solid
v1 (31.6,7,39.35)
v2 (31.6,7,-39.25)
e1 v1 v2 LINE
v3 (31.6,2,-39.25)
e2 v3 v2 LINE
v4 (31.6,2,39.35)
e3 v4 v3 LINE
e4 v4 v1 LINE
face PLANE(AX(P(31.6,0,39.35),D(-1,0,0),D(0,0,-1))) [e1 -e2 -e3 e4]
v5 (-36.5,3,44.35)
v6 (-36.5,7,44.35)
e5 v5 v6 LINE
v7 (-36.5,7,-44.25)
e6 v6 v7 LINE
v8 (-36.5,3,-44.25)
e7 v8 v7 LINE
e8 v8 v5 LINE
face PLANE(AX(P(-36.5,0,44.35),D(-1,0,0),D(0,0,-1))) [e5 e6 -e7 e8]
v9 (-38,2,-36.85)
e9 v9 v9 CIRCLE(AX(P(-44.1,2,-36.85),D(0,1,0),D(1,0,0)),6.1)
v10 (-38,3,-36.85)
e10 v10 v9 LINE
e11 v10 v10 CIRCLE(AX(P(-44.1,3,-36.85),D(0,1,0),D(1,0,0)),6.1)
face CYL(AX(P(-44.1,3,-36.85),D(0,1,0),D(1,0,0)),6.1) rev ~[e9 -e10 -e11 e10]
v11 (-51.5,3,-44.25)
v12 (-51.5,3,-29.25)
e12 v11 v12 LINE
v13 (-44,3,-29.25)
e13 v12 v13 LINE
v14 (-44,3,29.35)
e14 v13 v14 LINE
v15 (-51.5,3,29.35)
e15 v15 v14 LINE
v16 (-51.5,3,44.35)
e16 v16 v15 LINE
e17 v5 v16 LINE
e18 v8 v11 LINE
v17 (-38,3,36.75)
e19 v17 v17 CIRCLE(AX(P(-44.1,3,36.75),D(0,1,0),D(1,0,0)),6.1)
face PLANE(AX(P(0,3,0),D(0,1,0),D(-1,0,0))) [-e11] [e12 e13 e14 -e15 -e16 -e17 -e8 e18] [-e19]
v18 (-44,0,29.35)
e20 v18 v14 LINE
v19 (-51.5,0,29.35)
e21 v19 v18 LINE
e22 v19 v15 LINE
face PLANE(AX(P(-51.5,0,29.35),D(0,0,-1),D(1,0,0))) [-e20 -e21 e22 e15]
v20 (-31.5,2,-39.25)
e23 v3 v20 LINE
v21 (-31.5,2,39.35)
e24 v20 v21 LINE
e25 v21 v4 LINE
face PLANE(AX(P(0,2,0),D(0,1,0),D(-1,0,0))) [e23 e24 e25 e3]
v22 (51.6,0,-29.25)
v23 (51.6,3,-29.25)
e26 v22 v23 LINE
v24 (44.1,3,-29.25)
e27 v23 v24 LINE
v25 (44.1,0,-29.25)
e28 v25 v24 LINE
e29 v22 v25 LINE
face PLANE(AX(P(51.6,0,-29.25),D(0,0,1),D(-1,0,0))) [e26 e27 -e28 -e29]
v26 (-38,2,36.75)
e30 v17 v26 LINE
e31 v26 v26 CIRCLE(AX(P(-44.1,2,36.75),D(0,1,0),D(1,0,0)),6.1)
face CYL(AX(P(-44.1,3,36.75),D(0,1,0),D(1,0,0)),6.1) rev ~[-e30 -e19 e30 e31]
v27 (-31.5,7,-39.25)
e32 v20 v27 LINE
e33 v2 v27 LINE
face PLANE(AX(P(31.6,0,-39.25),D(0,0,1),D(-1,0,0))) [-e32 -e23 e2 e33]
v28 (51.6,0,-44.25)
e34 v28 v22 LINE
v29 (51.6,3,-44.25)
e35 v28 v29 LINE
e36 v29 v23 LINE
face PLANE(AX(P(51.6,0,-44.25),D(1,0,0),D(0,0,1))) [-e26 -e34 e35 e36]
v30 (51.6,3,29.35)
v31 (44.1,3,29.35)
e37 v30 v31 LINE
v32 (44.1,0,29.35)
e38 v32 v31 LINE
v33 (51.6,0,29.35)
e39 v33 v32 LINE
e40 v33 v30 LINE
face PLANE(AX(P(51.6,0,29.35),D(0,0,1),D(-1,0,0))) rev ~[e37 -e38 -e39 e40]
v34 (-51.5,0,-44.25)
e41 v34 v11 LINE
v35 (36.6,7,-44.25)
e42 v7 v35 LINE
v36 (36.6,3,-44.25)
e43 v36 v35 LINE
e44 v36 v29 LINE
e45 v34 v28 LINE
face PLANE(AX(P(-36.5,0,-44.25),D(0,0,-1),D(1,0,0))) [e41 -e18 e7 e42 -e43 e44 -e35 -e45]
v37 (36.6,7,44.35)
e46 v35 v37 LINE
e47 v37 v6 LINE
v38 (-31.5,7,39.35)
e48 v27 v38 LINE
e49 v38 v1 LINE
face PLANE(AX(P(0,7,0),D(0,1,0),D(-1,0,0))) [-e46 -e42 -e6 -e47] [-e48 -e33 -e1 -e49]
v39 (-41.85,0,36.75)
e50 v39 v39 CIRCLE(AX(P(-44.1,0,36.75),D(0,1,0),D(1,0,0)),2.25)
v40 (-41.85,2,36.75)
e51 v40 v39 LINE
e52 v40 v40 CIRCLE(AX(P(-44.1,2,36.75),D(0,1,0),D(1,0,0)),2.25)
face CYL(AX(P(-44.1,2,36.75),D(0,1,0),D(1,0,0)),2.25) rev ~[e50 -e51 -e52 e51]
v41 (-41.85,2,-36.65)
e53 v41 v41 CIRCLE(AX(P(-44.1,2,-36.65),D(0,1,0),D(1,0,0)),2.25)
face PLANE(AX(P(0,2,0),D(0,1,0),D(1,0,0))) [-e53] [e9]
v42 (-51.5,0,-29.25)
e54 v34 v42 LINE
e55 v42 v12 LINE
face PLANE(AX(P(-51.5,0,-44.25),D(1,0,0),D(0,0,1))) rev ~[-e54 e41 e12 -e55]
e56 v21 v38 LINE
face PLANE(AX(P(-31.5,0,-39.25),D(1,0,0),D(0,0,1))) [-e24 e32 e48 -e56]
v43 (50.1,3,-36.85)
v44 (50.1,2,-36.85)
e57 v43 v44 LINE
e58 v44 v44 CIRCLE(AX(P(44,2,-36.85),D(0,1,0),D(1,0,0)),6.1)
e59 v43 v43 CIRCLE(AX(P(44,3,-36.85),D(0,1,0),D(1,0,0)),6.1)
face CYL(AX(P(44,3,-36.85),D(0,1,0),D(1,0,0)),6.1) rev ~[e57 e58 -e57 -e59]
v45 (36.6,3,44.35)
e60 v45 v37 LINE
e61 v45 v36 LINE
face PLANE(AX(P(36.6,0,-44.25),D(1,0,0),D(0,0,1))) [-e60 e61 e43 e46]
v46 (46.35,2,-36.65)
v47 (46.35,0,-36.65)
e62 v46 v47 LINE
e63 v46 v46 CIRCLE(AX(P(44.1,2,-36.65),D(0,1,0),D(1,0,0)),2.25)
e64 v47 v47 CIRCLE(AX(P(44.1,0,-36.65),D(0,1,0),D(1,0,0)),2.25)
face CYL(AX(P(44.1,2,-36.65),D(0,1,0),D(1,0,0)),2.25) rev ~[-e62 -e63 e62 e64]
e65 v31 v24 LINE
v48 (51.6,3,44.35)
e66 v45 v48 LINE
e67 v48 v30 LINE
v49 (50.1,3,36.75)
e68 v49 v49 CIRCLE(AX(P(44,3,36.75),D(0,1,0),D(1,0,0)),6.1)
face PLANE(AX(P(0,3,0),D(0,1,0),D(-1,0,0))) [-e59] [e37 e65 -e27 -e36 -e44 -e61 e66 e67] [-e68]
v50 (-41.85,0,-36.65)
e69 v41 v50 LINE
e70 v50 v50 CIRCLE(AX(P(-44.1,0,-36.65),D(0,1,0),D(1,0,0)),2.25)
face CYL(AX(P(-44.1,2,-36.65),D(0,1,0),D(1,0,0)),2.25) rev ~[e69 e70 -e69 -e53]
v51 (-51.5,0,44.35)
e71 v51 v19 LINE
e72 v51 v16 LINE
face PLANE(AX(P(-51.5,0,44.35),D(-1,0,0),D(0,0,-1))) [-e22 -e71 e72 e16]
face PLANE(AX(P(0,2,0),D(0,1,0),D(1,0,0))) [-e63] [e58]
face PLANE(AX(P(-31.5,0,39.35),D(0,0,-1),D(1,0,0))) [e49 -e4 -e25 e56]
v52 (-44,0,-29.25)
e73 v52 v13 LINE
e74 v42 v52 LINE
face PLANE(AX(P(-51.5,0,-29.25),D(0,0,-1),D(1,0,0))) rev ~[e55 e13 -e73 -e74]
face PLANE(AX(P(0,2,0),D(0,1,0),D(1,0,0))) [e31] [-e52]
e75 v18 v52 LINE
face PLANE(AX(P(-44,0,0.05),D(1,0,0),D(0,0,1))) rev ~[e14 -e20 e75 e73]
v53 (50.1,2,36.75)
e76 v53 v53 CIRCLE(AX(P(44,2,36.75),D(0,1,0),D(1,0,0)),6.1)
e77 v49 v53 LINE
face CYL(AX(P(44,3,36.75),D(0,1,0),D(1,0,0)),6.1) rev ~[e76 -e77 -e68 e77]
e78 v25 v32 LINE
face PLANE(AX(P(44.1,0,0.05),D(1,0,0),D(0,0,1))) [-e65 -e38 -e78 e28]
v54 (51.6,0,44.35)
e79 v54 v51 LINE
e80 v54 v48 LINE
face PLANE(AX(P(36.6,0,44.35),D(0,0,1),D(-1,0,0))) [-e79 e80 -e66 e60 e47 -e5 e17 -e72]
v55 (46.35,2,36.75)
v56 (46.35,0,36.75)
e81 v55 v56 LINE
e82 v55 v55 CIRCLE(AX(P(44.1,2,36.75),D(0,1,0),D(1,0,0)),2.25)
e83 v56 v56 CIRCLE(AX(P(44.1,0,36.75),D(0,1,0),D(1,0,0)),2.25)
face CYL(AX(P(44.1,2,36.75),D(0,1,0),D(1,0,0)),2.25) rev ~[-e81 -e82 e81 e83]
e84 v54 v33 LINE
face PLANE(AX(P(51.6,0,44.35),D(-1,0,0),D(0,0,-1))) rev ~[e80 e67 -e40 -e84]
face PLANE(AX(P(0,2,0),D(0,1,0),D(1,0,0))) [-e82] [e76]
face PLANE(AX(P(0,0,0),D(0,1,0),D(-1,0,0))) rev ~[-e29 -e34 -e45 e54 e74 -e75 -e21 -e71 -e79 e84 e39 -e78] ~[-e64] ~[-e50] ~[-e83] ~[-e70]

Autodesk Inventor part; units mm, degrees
ref_plane "YZ Plane" through (0, 0, 0) normal (1, 0, 0) x (0, 1, 0)
ref_plane "XZ Plane" through (0, 0, 0) normal (0, 1, 0) x (-1, 0, 0)
ref_plane "XY Plane" through (0, 0, 0) normal (0, 0, 1) x (1, 0, 0)
sketch "Boceto1" plane through (0, 0, 0) normal (0, 1, 0) x (-1, 0, 0)
  line L0 (-31.6, 39.35) -> (-31.6, -39.25)
  line L1 (-31.6, -39.25) -> (31.5, -39.25)
  line L2 (31.5, -39.25) -> (31.5, 39.35)
  line L3 (31.5, 39.35) -> (-31.6, 39.35)
  line L4 (-31.6, 39.35) -> (31.5, -39.25) construction
  line L5 (-31.6, -39.25) -> (31.5, 39.35) construction
  line L6 (36.5, 44.35) -> (36.5, -44.25)
  line L7 (36.5, -44.25) -> (-36.6, -44.25)
  line L8 (-36.6, -44.25) -> (-36.6, 44.35)
  line L9 (-36.6, 44.35) -> (36.5, 44.35)
  point P0 (0, 0)
  point P1 (-0.05, 0.05)
  dimension "d0" = 78.6
  dimension "d1" = 63.1
  dimension "d2" = 5
extrude "Extrusión1" add sketch "Boceto1" along normal blind 2 contours L3 L2 L1 L0
sketch "Boceto2" plane through (0, 0, 0) normal (0, 1, 0) x (-1, 0, 0)
  line L0 (-31.6, 39.35) -> (-31.6, -39.25)
  line L1 (-31.6, -39.25) -> (31.5, -39.25)
  line L2 (31.5, -39.25) -> (31.5, 39.35)
  line L3 (31.5, 39.35) -> (-31.6, 39.35)
  line L4 (-31.6, 39.35) -> (31.5, -39.25) construction
  line L5 (-31.6, -39.25) -> (31.5, 39.35) construction
  line L6 (36.5, 44.35) -> (36.5, -44.25)
  line L7 (36.5, -44.25) -> (-36.6, -44.25)
  line L8 (-36.6, -44.25) -> (-36.6, 44.35)
  line L9 (-36.6, 44.35) -> (36.5, 44.35)
  point P0 (0, 0)
  point P1 (0, 0)
  point P2 (-0.05, 0.05)
  dimension "d5" = 78.6
  dimension "d6" = 63.1
  dimension "d7" = 5
extrude "Extrusión2" add sketch "Boceto2" along normal blind 7
sketch "Boceto3" plane through (0, 0, 0) normal (0, 1, 0) x (-1, 0, 0)
  circle A0 centre (44, 36.85) radius 6.1
  line L0 (36.5, 44.35) -> (-36.6, 44.35) projected
  line L1 (36.5, 44.35) -> (51.5, 44.35)
  line L2 (51.5, 44.35) -> (51.5, 29.35)
  line L3 (51.5, 29.35) -> (36.5, 29.35)
  line L4 (36.5, 29.35) -> (36.5, 44.35)
  line L5 (36.5, -44.25) -> (36.5, 44.35) projected
  line L6 (36.5, 0.05) -> (47.8738, 0.05)
  line L7 (-0.05, 44.35) -> (-0.05, 26.6285)
  circle A1 centre (44, -36.75) radius 6.1
  line L8 (36.5, -44.25) -> (51.5, -44.25)
  line L9 (51.5, -44.25) -> (51.5, -29.25)
  line L10 (51.5, -29.25) -> (36.5, -29.25)
  line L11 (36.5, -29.25) -> (36.5, -44.25)
  circle A2 centre (-44.1, 36.85) radius 6.1
  line L12 (-36.6, 44.35) -> (-51.6, 44.35)
  line L13 (-51.6, 44.35) -> (-51.6, 29.35)
  line L14 (-51.6, 29.35) -> (-36.6, 29.35)
  line L15 (-36.6, 29.35) -> (-36.6, 44.35)
  circle A3 centre (-44.1, -36.75) radius 6.1
  line L16 (-36.6, -44.25) -> (-51.6, -44.25)
  line L17 (-51.6, -44.25) -> (-51.6, -29.25)
  line L18 (-51.6, -29.25) -> (-36.6, -29.25)
  line L19 (-36.6, -29.25) -> (-36.6, -44.25)
  line L20 (44, 29.35) -> (36.5, 29.35)
  line L21 (36.5, 29.35) -> (36.5, -29.25)
  line L22 (36.5, -29.25) -> (44, -29.25)
  line L23 (44, -29.25) -> (44, 29.35)
  line L24 (-36.6, 0.05) -> (-47.9738, 0.05)
  line L25 (-36.6, 29.35) -> (-36.6, -29.25)
  line L26 (-44.1, -29.25) -> (-44.1, 29.35)
  point P0 (0, 0)
  dimension "d10" = 12.2
  dimension "d11" = 15
  dimension "d12" = 15
extrude "Extrusión3" add sketch "Boceto3" along normal blind 3 contours A0 | L15 L14 L13 L12 | L1 L2 L3 L4 | L3 L23 L6 L5 | L6 L23 L10 L5 | L25 L24 L26 L14 | L10 L9 L8 L5 | L25 L18 L26 L24 | L19 L16 L17 L18 | A1 | A2 | A3
sketch "Boceto4" plane through (0, 3, 0) normal (0, 1, 0) x (1, 0, 0)
  circle A0 centre (44, 36.85) radius 6.1
  line L0 (36.5, 44.35) -> (-36.6, 44.35)
  line L1 (36.5, 44.35) -> (51.5, 44.35)
  line L2 (51.5, 44.35) -> (51.5, 29.35)
  line L3 (51.5, 29.35) -> (36.5, 29.35)
  line L4 (36.5, 29.35) -> (36.5, 44.35)
  line L5 (36.5, -44.25) -> (36.5, 44.35)
  line L6 (36.5, 0.05) -> (47.8738, 0.05)
  line L7 (-0.05, 44.35) -> (-0.05, 26.6285)
  circle A1 centre (44, -36.75) radius 6.1
  line L8 (36.5, -44.25) -> (51.5, -44.25)
  line L9 (51.5, -44.25) -> (51.5, -29.25)
  line L10 (51.5, -29.25) -> (36.5, -29.25)
  line L11 (36.5, -29.25) -> (36.5, -44.25)
  line L12 (-51.6, 29.35) -> (-36.6, 29.35)
  circle A2 centre (-44.1, 36.85) radius 6.1
  line L13 (-36.6, 44.35) -> (-51.6, 44.35)
  line L14 (-36.6, 29.35) -> (-36.6, 44.35)
  line L15 (-51.6, 44.35) -> (-51.6, 29.35)
  line L16 (-51.6, -29.25) -> (-36.6, -29.25)
  circle A3 centre (-44.1, -36.75) radius 6.1
  line L17 (-36.6, -29.25) -> (-36.6, -44.25)
  line L18 (-51.6, -44.25) -> (-51.6, -29.25)
  line L19 (-36.6, -44.25) -> (-51.6, -44.25)
  point P0 (0, 0)
  point P1 (0, 0)
  dimension "d15" = 12.2
  dimension "d16" = 15
  dimension "d17" = 15
extrude "Extrusión4" cut sketch "Boceto4" against normal blind 1 contours A0 | A1 | A2 | A3
sketch "Boceto5" plane through (-44.1, 2, 36.75) normal (0, 1, 0) x (1, 0, 0)
  circle A0 centre (0, 0) radius 2.25
  line L0 (7.6, 66) -> (7.6, 7.4) projected
  line L1 (7.6, 36.7) -> (1.3256, 36.7)
  line L2 (44.1, -8.1109) -> (44.1, -20.0015)
  circle A1 centre (0, 73.4) radius 2.25
  circle A2 centre (88.2, 0) radius 2.25
  circle A3 centre (88.2, 73.4) radius 2.25
  point P0 (44.1, 36.75)
  dimension "d20" = 4.5
extrude "Extrusión5" cut sketch "Boceto5" against normal blind 2
properties part number "battery_pack_base"
